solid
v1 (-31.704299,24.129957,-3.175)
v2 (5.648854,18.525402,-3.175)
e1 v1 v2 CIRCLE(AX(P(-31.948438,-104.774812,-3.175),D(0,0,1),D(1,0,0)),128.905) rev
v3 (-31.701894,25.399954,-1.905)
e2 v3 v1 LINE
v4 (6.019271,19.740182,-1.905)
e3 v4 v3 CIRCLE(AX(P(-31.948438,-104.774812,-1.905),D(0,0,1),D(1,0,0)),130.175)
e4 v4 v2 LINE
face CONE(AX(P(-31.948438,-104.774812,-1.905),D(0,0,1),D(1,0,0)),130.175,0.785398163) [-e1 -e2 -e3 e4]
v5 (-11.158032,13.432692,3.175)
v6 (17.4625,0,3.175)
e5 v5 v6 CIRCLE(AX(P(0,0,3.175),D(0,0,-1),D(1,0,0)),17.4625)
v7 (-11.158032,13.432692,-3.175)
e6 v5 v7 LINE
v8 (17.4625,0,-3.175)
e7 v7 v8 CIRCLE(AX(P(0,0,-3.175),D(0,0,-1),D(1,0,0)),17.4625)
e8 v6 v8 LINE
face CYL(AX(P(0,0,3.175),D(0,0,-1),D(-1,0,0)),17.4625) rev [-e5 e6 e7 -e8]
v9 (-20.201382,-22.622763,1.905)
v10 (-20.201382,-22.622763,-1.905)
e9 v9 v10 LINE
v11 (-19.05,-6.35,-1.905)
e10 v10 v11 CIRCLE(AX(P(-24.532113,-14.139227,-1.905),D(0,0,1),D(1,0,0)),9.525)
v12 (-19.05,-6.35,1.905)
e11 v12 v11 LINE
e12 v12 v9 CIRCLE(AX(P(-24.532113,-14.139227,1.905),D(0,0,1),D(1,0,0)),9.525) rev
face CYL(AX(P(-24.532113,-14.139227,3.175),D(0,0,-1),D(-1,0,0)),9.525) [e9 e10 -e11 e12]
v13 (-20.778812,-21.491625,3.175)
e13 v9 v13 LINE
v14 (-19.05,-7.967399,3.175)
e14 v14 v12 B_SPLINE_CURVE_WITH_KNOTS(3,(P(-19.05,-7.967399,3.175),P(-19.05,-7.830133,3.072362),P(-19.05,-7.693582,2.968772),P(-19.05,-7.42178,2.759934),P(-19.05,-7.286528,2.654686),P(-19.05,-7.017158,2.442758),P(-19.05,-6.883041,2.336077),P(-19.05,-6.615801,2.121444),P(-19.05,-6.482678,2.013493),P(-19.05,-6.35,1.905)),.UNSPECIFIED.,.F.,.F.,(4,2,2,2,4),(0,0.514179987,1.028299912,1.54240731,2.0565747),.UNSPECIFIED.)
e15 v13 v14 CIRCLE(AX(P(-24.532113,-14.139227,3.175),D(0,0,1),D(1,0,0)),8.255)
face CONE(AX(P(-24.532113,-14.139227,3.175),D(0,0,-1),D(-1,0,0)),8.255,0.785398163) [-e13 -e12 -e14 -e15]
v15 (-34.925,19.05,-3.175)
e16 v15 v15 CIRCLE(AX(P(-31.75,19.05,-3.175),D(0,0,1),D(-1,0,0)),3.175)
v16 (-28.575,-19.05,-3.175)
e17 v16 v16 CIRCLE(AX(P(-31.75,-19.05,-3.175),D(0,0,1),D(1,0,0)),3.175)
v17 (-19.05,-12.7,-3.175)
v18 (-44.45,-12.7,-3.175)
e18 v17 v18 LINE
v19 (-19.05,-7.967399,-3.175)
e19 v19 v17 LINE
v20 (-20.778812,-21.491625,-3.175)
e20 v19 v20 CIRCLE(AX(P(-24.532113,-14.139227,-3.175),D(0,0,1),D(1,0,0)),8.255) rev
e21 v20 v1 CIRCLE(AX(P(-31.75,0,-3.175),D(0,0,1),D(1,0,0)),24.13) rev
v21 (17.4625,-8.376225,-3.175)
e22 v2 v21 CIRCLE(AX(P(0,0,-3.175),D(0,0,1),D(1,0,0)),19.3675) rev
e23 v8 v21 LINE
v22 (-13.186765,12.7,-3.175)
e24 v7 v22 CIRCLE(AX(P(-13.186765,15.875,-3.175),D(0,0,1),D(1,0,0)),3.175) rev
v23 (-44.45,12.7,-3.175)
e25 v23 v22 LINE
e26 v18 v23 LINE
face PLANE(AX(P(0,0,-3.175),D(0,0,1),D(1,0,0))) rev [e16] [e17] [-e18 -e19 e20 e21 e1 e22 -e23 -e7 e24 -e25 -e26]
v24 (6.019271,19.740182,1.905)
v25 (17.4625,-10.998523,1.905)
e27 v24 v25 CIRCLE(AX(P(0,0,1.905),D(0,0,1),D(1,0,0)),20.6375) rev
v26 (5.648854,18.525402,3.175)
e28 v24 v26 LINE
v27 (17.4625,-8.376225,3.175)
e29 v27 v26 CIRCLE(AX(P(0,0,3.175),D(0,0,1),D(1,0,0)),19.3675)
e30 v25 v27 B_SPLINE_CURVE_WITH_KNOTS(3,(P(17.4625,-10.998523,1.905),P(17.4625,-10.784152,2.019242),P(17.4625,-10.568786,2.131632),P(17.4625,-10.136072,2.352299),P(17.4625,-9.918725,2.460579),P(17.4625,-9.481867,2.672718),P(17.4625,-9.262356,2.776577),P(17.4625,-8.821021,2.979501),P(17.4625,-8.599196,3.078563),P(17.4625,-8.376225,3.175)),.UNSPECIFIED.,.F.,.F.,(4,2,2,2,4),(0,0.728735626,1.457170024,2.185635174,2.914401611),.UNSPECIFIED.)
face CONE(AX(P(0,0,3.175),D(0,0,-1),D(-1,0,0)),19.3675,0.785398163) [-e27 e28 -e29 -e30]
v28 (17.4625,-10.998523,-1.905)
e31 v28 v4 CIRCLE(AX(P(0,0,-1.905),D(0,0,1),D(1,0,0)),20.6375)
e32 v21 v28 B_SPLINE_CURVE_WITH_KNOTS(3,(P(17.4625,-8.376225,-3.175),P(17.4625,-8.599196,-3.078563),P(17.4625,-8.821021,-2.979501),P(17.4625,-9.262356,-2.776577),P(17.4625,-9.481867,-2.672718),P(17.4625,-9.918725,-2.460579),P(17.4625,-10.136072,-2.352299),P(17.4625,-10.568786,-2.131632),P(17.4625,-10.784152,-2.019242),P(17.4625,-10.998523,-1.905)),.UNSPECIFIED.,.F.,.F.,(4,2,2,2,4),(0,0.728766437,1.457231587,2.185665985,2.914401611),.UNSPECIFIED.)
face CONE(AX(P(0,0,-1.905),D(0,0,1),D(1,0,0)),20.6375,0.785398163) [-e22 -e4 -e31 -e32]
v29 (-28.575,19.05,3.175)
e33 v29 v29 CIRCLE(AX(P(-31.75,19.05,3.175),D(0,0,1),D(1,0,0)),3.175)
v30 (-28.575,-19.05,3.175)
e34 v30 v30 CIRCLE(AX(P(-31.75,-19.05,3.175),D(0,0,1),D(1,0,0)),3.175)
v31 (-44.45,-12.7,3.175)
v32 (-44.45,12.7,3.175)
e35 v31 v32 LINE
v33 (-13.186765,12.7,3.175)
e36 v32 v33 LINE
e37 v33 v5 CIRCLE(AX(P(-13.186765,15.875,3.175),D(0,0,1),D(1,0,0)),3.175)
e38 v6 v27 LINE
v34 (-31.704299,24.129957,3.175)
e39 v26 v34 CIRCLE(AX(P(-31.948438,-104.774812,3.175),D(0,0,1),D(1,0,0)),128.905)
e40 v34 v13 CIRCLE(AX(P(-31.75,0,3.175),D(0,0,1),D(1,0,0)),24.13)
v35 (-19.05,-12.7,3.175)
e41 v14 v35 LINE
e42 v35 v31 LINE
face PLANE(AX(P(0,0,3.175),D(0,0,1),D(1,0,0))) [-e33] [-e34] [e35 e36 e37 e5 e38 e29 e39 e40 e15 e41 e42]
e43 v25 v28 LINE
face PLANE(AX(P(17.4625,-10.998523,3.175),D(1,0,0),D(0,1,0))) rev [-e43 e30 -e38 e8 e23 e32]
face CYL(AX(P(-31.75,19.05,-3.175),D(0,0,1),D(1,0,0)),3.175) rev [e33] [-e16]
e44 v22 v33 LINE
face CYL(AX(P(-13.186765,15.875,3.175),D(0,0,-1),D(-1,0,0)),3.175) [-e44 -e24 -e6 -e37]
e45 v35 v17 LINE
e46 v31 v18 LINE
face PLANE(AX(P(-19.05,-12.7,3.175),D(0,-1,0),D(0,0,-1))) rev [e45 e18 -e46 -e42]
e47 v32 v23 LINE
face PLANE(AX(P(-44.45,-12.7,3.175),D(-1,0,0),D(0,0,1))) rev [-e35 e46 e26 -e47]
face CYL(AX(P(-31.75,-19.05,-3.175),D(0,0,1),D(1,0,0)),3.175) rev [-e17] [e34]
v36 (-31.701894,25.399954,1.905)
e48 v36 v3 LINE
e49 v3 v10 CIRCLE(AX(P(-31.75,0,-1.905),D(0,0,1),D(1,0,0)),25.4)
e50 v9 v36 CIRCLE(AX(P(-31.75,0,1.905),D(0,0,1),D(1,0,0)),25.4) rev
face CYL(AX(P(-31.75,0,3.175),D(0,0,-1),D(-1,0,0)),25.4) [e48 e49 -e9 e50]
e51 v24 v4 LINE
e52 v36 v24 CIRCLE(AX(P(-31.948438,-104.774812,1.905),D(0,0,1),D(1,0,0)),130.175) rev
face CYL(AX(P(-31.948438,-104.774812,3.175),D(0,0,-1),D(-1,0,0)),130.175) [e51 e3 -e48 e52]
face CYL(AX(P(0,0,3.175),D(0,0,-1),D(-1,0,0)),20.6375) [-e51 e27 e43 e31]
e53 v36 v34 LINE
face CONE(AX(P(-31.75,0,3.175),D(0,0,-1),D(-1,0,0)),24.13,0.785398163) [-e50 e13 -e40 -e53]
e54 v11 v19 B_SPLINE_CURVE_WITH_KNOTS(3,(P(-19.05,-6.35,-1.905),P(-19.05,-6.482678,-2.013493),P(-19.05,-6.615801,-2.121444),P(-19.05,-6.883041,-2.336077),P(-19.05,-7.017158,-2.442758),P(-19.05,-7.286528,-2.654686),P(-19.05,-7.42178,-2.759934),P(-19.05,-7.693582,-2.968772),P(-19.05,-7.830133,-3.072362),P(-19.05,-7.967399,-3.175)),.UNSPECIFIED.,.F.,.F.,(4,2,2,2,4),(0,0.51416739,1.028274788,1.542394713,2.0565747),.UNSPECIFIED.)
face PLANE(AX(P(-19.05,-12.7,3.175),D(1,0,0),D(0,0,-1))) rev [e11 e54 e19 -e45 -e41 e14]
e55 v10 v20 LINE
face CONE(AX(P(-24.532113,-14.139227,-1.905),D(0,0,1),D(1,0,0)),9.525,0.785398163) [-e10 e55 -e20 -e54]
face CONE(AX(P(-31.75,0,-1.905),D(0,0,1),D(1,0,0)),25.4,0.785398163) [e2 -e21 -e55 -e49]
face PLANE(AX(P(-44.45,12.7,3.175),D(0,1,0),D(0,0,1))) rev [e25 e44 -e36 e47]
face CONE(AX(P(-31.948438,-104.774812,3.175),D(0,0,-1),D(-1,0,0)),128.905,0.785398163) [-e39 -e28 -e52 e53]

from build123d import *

# Parameters (mm, degrees)
BOSS_EXTRUDE1_DEPTH     = 3.175
FILLET1_R               = 3.175
SKETCH2_R               = 3.175
CUT_EXTRUDE1_DEPTH      = 1
CUT_EXTRUDE1_DEPTH_BACK = 7.35
CHAMFER1_SIZE           = 1.27


with BuildPart() as part:
    # Sketch1 → Boss-Extrude1 (new body, symmetric)
    with BuildSketch(Plane.XY):
        with BuildLine():
            Line((-19.05, -12.7), (-44.45, -12.7))
            Line((-44.45, -12.7), (-44.45, 12.7))
            Line((-44.45, 12.7), (-11.985362166, 12.7))
            ThreePointArc((-11.985362166, 12.7), (6.915364033, 16.034857235), (17.4625, 0))
            Line((17.4625, 0), (17.4625, -10.998522628))
            ThreePointArc((17.4625, -10.998522628), (19.34076991, 7.200071217), (6.019270833, 19.740181987))
            ThreePointArc((6.019270833, 19.740181987), (-12.632886304, 23.959177626), (-31.701893939, 25.399954445))
            ThreePointArc((-31.701893939, 25.399954445), (-56.451545619, -5.915542582), (-20.201381574, -22.622763148))
            ThreePointArc((-20.201381574, -22.622763148), (-15.030866787, -14.811488972), (-19.05, -6.35))
            Line((-19.05, -6.35), (-19.05, -12.7))
        make_face()
    extrude(amount=BOSS_EXTRUDE1_DEPTH, both=True)

    # Fillet1
    fillet1_edges = [part.edges().sort_by_distance(p)[0] for p in [
        (-11.985362166, 12.7, 0),
    ]]
    fillet(fillet1_edges, radius=FILLET1_R)

    # Sketch2 → Cut-Extrude1 (cut, two sides)
    with BuildSketch(Plane.XY.offset(3.175)) as cut_extrude1_sk:
        with Locations((-31.75, -19.05)):
            Circle(SKETCH2_R)
        with Locations((-31.75, 19.05)):
            Circle(SKETCH2_R)
    extrude(amount=CUT_EXTRUDE1_DEPTH, mode=Mode.SUBTRACT)
    extrude(cut_extrude1_sk.sketch, amount=-CUT_EXTRUDE1_DEPTH_BACK, mode=Mode.SUBTRACT)

    # Chamfer1
    chamfer1_edges = [part.edges().sort_by_distance(p)[0] for p in [
        (-15.030866787, -14.811488972, -3.175),
        (-56.451545619, -5.915542582, -3.175),
        (-12.632886304, 23.959177626, -3.175),
        (19.34076991, 7.200071217, -3.175),
        (19.34076991, 7.200071217, 3.175),
        (-12.632886304, 23.959177626, 3.175),
        (-56.451545619, -5.915542582, 3.175),
        (-15.030866787, -14.811488972, 3.175),
    ]]
    chamfer(chamfer1_edges, length=CHAMFER1_SIZE)


solid = part.part
